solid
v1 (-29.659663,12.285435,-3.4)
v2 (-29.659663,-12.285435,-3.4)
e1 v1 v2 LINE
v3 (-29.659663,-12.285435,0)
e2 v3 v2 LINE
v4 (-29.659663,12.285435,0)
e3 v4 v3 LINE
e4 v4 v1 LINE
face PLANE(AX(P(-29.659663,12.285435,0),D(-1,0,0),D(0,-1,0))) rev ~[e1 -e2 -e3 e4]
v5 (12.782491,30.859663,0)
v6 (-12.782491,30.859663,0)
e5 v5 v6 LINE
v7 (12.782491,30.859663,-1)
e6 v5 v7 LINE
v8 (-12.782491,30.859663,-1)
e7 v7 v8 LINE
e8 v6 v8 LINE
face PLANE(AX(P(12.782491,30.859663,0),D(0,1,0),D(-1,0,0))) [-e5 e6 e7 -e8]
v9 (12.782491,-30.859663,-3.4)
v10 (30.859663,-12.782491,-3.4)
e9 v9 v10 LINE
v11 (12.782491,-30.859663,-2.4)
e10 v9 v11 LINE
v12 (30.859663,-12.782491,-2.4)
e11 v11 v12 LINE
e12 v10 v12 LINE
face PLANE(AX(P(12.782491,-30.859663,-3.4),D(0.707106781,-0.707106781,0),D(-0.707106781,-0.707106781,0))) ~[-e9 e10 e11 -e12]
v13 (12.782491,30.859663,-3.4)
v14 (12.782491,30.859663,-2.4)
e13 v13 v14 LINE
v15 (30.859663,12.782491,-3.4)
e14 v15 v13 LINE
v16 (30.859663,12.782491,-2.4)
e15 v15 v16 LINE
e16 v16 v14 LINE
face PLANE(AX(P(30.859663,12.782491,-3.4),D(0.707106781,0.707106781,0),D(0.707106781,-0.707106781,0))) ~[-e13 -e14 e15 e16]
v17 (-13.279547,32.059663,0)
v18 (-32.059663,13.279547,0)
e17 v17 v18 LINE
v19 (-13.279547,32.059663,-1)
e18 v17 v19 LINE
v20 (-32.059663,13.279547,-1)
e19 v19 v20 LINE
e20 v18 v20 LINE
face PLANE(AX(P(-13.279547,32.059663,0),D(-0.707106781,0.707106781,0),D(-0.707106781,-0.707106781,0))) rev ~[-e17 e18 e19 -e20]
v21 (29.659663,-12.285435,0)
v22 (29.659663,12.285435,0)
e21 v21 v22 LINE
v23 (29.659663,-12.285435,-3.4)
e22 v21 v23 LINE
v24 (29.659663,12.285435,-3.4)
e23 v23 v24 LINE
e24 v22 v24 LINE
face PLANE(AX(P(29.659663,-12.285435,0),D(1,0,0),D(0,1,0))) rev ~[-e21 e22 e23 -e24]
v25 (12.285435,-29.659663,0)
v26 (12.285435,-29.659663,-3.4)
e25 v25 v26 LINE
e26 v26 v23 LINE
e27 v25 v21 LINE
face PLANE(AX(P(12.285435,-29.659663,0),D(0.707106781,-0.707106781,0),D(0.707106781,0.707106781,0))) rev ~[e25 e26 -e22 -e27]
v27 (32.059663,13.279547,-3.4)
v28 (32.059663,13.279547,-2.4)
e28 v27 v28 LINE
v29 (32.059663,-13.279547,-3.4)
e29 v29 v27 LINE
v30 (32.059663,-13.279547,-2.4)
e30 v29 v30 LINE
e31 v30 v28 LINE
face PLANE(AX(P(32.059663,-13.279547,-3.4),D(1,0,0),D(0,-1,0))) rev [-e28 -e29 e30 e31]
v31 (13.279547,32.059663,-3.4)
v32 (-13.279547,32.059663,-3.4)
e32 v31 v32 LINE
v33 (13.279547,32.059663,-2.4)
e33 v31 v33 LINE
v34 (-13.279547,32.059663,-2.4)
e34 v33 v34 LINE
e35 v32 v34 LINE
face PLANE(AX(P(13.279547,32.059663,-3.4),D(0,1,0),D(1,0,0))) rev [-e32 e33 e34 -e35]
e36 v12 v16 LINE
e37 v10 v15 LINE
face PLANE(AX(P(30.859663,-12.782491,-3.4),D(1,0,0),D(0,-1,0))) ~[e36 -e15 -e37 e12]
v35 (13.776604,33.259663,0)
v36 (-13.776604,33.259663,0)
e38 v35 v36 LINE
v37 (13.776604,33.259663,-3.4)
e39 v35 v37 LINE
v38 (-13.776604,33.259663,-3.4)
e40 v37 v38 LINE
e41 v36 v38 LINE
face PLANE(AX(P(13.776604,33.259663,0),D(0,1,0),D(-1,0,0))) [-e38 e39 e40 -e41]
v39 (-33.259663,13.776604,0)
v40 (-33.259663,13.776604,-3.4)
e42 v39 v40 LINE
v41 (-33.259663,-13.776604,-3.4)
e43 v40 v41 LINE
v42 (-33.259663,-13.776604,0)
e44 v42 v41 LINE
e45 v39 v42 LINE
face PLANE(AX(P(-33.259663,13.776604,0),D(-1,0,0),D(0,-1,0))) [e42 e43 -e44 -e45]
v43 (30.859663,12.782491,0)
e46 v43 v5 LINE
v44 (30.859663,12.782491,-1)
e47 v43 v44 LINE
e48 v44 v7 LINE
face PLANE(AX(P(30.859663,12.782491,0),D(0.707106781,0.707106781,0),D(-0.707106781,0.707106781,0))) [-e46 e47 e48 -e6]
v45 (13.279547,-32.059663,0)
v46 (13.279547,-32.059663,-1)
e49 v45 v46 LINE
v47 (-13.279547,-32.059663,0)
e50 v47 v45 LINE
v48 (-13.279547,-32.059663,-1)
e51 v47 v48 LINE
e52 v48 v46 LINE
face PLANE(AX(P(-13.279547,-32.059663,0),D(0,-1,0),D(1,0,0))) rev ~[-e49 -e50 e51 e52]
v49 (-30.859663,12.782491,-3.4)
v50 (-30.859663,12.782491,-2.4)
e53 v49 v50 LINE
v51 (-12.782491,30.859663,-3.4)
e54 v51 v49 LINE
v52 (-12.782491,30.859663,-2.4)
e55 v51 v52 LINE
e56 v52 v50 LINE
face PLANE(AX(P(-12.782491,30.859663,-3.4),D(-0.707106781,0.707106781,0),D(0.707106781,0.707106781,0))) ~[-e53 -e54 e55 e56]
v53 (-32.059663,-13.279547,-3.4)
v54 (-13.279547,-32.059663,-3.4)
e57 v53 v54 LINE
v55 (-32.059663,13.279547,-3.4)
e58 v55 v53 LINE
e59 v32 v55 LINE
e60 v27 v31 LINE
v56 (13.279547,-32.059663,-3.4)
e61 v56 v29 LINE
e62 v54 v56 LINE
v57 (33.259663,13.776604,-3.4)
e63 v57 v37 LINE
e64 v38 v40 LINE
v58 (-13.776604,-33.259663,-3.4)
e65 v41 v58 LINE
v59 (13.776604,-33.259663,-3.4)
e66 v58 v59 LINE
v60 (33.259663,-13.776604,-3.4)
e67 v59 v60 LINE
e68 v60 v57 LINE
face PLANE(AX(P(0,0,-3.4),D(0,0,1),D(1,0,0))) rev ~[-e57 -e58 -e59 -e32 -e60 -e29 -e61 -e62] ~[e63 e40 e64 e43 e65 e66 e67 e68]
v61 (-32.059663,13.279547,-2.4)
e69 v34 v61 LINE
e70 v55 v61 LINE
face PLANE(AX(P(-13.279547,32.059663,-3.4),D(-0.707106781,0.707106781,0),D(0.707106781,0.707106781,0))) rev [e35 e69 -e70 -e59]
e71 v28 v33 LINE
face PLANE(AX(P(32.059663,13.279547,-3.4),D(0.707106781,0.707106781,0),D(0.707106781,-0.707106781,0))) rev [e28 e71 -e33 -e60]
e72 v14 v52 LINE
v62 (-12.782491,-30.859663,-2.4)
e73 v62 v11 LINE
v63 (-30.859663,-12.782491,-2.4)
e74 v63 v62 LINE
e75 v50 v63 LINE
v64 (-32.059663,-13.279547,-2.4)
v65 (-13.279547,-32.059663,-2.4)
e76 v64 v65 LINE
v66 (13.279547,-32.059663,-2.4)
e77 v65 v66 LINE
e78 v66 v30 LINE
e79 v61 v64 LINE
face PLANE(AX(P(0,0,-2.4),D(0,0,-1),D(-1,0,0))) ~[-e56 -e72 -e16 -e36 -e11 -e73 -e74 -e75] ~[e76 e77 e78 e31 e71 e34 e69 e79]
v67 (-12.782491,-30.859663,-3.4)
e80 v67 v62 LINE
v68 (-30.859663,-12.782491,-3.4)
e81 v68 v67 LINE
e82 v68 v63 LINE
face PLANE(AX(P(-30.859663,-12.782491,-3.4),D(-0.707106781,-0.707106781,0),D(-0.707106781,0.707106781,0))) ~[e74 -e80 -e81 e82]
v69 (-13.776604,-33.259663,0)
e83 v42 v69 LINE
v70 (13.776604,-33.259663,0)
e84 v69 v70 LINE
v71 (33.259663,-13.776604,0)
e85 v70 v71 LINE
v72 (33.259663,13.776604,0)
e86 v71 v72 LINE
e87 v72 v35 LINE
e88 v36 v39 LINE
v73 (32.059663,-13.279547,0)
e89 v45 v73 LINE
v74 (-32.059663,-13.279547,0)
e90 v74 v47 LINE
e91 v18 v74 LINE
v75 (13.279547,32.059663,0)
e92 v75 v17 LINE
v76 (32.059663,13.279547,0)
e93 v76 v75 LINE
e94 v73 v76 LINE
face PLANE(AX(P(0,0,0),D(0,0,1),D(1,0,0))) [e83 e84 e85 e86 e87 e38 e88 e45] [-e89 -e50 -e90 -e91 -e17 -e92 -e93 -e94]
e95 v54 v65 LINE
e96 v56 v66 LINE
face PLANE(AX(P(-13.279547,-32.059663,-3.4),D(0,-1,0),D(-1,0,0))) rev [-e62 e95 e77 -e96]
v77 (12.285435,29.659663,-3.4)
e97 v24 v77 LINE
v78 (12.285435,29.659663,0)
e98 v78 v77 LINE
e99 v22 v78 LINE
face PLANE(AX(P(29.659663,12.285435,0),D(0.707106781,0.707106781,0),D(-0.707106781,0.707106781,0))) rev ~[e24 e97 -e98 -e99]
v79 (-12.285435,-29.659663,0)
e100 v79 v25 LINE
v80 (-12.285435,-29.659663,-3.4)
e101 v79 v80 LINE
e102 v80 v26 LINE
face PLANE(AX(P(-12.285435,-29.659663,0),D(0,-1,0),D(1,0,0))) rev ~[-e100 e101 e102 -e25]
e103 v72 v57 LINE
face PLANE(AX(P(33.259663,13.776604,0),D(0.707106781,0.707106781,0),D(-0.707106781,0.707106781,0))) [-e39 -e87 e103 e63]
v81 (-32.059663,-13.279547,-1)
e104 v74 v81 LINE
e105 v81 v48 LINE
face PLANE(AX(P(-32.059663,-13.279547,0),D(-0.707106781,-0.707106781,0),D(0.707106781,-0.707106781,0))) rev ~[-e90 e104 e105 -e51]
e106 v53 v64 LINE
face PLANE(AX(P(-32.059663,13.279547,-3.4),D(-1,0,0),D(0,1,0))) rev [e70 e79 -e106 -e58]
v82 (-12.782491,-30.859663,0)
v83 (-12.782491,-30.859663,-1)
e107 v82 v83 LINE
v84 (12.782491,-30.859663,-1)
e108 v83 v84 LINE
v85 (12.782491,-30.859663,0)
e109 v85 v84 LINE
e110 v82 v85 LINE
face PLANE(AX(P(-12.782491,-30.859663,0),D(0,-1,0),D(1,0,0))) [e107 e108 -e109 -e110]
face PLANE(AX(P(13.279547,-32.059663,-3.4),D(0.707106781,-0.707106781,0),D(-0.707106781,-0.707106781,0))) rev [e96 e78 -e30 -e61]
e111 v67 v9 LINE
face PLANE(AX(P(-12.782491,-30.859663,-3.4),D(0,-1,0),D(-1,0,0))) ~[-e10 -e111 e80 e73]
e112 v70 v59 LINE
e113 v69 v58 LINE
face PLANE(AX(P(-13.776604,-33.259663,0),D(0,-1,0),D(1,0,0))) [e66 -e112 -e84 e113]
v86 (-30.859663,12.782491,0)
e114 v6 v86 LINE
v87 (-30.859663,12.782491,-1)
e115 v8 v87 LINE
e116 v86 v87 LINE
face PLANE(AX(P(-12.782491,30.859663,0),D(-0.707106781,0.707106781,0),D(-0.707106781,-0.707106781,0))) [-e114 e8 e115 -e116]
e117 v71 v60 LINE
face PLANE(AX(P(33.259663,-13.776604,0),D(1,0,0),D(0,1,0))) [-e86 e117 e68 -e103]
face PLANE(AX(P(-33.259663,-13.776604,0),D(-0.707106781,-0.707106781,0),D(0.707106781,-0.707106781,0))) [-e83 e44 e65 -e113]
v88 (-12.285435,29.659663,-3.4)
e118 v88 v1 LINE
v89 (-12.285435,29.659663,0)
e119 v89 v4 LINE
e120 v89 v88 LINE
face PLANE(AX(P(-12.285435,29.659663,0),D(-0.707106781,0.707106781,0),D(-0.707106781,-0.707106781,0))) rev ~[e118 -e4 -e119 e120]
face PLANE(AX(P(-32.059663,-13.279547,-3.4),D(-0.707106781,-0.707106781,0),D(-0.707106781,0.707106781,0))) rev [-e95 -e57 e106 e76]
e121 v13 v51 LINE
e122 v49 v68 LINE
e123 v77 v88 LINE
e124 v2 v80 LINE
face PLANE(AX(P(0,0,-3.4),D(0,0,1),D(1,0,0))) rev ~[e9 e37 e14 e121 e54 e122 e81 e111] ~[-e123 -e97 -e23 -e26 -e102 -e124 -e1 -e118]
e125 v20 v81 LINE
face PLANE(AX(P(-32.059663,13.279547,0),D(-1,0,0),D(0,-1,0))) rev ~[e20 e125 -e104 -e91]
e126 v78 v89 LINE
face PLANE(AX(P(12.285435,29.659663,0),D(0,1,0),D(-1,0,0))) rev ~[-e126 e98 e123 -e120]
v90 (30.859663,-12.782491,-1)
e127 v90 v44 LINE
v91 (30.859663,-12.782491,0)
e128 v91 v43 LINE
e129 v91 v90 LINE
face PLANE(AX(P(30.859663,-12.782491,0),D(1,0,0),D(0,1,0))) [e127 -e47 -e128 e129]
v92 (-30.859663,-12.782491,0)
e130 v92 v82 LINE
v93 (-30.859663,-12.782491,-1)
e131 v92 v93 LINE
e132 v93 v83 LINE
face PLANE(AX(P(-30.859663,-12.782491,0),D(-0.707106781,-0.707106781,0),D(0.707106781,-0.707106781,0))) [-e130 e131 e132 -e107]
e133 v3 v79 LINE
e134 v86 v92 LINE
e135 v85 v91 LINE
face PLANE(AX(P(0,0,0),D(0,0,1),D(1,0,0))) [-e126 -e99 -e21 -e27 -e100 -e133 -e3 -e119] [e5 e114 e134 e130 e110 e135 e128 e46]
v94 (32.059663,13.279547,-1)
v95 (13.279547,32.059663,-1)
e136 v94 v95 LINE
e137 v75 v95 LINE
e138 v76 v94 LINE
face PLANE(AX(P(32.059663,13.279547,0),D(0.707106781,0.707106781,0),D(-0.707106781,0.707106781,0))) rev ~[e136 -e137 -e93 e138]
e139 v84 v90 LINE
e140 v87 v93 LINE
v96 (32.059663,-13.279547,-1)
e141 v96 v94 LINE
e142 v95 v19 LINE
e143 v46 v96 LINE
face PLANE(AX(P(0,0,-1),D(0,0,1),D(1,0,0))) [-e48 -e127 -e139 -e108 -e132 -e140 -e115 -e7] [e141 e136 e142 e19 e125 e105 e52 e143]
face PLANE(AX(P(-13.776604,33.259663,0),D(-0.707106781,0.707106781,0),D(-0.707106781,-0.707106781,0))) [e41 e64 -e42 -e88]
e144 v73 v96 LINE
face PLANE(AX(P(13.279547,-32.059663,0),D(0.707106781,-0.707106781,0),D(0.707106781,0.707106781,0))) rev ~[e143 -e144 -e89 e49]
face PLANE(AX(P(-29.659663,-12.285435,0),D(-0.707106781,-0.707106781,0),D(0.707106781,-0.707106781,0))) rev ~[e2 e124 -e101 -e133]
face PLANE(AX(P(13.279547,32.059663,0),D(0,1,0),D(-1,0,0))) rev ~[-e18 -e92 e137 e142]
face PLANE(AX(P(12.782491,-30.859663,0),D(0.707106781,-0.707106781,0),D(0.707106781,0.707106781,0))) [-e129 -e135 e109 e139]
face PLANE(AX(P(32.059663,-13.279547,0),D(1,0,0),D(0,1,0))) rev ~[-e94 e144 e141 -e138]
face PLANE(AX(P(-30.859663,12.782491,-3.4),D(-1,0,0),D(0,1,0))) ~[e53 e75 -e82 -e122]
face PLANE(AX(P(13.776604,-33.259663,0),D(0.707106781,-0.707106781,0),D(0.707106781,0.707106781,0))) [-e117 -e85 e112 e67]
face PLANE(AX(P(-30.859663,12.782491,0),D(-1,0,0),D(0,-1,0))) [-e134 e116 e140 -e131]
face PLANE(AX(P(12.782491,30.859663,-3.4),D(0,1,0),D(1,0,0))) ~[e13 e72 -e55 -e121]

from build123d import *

# Parameters (mm, degrees)
EXTRUDE_2_DEPTH     = 3.4
CUT_EXTRUDE_3_DEPTH = 1


with BuildPart() as part:
    # 스케치7 → 보스-돌출2 (new body)
    with BuildSketch(Plane.XY):
        Polygon((-33.25966317, -13.776603565), (-13.776603565, -33.25966317), (13.776603565, -33.25966317), (33.25966317, -13.776603565), (33.25966317, 13.776603565), (13.776603565, 33.25966317), (-13.776603565, 33.25966317), (-33.25966317, 13.776603565), align=None)
        Polygon((-13.27954729, -32.05966317), (13.27954729, -32.05966317), (32.05966317, -13.27954729), (32.05966317, 13.27954729), (13.27954729, 32.05966317), (-13.27954729, 32.05966317), (-32.05966317, 13.27954729), (-32.05966317, -13.27954729), align=None, mode=Mode.SUBTRACT)
        Polygon((-32.05966317, -13.27954729), (-13.27954729, -32.05966317), (13.27954729, -32.05966317), (32.05966317, -13.27954729), (32.05966317, 13.27954729), (13.27954729, 32.05966317), (-13.27954729, 32.05966317), (-32.05966317, 13.27954729), align=None)
        Polygon((-12.782491015, -30.85966317), (12.782491015, -30.85966317), (30.85966317, -12.782491015), (30.85966317, 12.782491015), (12.782491015, 30.85966317), (-12.782491015, 30.85966317), (-30.85966317, 12.782491015), (-30.85966317, -12.782491015), align=None, mode=Mode.SUBTRACT)
        Polygon((-30.85966317, -12.782491015), (-12.782491015, -30.85966317), (12.782491015, -30.85966317), (30.85966317, -12.782491015), (30.85966317, 12.782491015), (12.782491015, 30.85966317), (-12.782491015, 30.85966317), (-30.85966317, 12.782491015), align=None)
        Polygon((-12.285434741, -29.65966317), (12.285434741, -29.65966317), (29.65966317, -12.285434741), (29.65966317, 12.285434741), (12.285434741, 29.65966317), (-12.285434741, 29.65966317), (-29.65966317, 12.285434741), (-29.65966317, -12.285434741), align=None, mode=Mode.SUBTRACT)
    extrude(amount=-EXTRUDE_2_DEPTH)

    # 스케치9 → 컷-돌출3 (cut)
    with BuildSketch(Plane.XY):
        Polygon((13.27954729, -32.05966317), (32.05966317, -13.27954729), (32.05966317, 13.27954729), (13.27954729, 32.05966317), (-13.27954729, 32.05966317), (-32.05966317, 13.27954729), (-32.05966317, -13.27954729), (-13.27954729, -32.05966317), align=None)
        Polygon((12.782491015, -30.85966317), (30.85966317, -12.782491015), (30.85966317, 12.782491015), (12.782491015, 30.85966317), (-12.782491015, 30.85966317), (-30.85966317, 12.782491015), (-30.85966317, -12.782491015), (-12.782491015, -30.85966317), align=None, mode=Mode.SUBTRACT)
    cut_extrude_3 = extrude(amount=-CUT_EXTRUDE_3_DEPTH, mode=Mode.SUBTRACT)

    # 대칭 복사4: 컷-돌출3 across plane
    add(cut_extrude_3.mirror(Plane.XY.offset(-1.7)), mode=Mode.SUBTRACT)


solid = part.part
